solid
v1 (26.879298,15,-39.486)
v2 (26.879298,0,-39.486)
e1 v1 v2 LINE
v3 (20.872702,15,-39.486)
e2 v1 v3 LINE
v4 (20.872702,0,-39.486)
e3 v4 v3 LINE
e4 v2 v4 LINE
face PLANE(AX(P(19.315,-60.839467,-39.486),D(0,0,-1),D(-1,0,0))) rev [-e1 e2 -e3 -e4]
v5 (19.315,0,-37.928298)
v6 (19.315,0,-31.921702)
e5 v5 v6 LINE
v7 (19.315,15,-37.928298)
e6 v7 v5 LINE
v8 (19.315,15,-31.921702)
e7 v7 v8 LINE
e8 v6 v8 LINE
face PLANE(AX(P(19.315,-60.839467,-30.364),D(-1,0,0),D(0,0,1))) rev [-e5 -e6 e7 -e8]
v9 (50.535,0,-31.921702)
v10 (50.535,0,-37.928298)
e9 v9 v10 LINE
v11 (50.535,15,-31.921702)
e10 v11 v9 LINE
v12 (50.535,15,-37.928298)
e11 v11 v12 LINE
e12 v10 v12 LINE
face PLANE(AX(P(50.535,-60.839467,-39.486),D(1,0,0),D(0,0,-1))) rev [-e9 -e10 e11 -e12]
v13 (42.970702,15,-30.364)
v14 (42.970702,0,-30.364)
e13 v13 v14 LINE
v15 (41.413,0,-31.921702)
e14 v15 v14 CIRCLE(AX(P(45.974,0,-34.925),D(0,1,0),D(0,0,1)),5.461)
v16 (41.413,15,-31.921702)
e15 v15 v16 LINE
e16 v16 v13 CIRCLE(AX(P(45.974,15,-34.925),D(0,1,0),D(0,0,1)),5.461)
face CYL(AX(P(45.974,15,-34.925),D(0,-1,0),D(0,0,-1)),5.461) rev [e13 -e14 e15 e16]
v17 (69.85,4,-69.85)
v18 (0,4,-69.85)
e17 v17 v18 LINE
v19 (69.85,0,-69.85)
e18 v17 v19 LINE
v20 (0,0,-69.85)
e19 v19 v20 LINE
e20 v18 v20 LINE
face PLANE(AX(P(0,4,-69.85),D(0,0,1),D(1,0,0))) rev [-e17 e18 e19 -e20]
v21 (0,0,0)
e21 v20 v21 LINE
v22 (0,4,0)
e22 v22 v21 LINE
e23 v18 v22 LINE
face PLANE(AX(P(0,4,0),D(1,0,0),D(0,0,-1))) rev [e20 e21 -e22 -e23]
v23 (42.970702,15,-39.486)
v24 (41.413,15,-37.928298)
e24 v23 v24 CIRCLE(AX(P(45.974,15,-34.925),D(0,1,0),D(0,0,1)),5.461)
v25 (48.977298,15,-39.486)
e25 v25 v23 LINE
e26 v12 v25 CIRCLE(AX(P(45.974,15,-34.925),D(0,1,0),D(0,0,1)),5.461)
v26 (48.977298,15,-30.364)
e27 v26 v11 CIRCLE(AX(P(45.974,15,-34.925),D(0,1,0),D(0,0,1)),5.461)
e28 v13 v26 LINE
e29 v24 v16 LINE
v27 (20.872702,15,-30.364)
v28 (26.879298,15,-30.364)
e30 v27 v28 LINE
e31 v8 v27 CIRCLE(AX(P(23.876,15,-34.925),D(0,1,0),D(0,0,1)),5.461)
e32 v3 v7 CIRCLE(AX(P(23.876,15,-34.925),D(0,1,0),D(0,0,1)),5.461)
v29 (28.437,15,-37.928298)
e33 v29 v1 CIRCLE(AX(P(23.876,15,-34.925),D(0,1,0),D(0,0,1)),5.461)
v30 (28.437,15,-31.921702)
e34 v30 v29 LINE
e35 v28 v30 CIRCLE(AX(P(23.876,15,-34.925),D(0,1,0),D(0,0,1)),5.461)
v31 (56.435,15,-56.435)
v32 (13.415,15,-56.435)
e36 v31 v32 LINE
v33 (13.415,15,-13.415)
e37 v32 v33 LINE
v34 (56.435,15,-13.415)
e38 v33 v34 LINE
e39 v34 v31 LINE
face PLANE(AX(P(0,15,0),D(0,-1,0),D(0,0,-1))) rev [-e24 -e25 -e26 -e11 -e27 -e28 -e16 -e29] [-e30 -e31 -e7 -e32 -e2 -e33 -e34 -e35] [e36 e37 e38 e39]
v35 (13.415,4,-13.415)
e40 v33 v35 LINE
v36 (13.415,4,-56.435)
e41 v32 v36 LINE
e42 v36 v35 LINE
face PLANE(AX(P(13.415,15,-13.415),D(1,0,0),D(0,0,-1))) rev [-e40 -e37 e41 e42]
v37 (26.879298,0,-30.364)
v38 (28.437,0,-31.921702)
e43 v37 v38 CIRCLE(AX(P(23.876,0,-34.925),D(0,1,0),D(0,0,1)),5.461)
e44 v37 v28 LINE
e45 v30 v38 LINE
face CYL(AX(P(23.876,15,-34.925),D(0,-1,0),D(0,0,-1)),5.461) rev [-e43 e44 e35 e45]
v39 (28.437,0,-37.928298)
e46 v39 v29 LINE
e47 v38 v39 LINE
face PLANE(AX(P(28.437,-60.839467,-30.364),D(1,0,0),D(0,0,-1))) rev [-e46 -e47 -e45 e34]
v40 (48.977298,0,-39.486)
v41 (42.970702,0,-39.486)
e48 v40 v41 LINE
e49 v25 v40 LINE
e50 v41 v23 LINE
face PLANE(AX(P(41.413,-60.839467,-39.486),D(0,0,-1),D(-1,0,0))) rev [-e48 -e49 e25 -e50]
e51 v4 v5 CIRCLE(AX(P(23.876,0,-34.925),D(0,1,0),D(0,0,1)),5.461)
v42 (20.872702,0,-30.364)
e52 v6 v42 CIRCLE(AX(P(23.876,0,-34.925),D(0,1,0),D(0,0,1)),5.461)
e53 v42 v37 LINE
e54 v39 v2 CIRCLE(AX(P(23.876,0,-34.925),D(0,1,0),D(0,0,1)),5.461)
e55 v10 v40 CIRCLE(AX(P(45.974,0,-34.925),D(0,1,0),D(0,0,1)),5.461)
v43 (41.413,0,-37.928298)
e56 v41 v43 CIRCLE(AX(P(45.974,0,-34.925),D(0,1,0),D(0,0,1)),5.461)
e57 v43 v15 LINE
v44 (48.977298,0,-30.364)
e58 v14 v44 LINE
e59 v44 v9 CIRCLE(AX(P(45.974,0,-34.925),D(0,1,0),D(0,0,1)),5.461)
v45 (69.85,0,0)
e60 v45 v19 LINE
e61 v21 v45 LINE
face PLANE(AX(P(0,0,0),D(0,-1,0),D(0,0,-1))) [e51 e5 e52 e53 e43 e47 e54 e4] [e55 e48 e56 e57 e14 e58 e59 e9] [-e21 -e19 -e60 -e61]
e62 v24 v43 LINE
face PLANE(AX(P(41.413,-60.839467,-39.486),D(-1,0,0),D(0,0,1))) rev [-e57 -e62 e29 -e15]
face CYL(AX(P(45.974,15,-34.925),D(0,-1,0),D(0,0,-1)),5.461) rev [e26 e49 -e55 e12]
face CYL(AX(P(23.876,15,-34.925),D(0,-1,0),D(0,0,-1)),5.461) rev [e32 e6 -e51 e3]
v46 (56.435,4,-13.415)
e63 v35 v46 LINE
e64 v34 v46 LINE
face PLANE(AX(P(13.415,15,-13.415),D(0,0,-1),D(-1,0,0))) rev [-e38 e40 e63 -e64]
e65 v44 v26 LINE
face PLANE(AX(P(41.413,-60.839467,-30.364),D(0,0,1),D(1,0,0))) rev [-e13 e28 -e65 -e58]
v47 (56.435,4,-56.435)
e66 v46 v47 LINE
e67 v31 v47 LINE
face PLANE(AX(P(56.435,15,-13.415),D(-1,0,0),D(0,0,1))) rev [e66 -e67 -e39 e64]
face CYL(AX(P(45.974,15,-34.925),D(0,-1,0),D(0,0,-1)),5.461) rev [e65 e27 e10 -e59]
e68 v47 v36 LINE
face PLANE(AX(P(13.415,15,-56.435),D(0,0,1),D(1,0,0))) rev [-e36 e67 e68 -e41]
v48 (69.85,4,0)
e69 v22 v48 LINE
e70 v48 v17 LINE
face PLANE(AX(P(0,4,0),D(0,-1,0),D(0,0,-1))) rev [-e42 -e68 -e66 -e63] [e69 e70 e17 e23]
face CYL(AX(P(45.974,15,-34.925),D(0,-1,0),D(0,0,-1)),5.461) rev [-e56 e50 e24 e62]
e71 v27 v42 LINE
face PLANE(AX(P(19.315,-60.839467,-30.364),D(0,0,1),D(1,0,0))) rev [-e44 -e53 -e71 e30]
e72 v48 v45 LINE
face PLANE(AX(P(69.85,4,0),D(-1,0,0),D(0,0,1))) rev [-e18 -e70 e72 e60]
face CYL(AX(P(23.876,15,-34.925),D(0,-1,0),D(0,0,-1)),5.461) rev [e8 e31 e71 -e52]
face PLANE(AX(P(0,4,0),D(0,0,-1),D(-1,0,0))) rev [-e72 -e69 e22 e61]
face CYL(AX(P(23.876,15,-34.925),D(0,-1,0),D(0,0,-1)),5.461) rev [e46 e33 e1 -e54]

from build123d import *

# Parameters (mm, degrees)
SKETCH1_W               = 69.85
SKETCH1_H               = 69.85
BOSS_EXTRUDE1_DEPTH     = 4
SKETCH2_W               = 43.02
SKETCH2_H               = 43.02
SKETCH2_R               = 5.461
BOSS_EXTRUDE2_DEPTH     = 11
SKETCH3_R               = 5.461
CUT_EXTRUDE1_DEPTH      = 1
CUT_EXTRUDE1_DEPTH_BACK = 16
SKETCH4_W               = 43.02
SKETCH4_H               = 43.02
SKETCH4_W_2             = 9.122
SKETCH4_H_2             = 9.122
BOSS_EXTRUDE3_DEPTH     = 15


with BuildPart() as part:
    # Sketch1 → Boss-Extrude1 (new body)
    with BuildSketch(Plane(origin=(0, 0, 0), x_dir=(1, 0, 0), z_dir=(0, 1, 0))):
        with Locations((34.925, 34.925)):
            Rectangle(SKETCH1_W, SKETCH1_H)
    extrude(amount=BOSS_EXTRUDE1_DEPTH)

    # Sketch2 → Boss-Extrude2 (add)
    with BuildSketch(Plane(origin=(0, 4, 0), x_dir=(1, 0, 0), z_dir=(0, 1, 0))):
        with Locations((34.925, 34.925)):
            Rectangle(SKETCH2_W, SKETCH2_H)
        with Locations((23.876, 34.925)):
            Circle(SKETCH2_R, mode=Mode.SUBTRACT)
        with Locations((45.974, 34.925)):
            Circle(SKETCH2_R, mode=Mode.SUBTRACT)
    extrude(amount=BOSS_EXTRUDE2_DEPTH)

    # Sketch3 → Cut-Extrude1 (cut, two sides)
    with BuildSketch(Plane(origin=(0, 15, 0), x_dir=(1, 0, 0), z_dir=(0, 1, 0))) as cut_extrude1_sk:
        with Locations((23.876, 34.925)):
            Circle(SKETCH3_R)
        with Locations((45.974, 34.925)):
            Circle(SKETCH3_R)
    extrude(amount=CUT_EXTRUDE1_DEPTH, mode=Mode.SUBTRACT)
    extrude(cut_extrude1_sk.sketch, amount=-CUT_EXTRUDE1_DEPTH_BACK, mode=Mode.SUBTRACT)

    # Sketch4 → Boss-Extrude3 (add)
    with BuildSketch(Plane(origin=(0, 15, 0), x_dir=(1, 0, 0), z_dir=(0, 1, 0))):
        with Locations((34.925, 34.925)):
            Rectangle(SKETCH4_W, SKETCH4_H)
        with Locations((23.876, 34.925)):
            Rectangle(SKETCH4_W_2, SKETCH4_H_2, mode=Mode.SUBTRACT)
        with Locations((45.974, 34.925)):
            Rectangle(SKETCH4_W_2, SKETCH4_H_2, mode=Mode.SUBTRACT)
    extrude(amount=-BOSS_EXTRUDE3_DEPTH)


solid = part.part
